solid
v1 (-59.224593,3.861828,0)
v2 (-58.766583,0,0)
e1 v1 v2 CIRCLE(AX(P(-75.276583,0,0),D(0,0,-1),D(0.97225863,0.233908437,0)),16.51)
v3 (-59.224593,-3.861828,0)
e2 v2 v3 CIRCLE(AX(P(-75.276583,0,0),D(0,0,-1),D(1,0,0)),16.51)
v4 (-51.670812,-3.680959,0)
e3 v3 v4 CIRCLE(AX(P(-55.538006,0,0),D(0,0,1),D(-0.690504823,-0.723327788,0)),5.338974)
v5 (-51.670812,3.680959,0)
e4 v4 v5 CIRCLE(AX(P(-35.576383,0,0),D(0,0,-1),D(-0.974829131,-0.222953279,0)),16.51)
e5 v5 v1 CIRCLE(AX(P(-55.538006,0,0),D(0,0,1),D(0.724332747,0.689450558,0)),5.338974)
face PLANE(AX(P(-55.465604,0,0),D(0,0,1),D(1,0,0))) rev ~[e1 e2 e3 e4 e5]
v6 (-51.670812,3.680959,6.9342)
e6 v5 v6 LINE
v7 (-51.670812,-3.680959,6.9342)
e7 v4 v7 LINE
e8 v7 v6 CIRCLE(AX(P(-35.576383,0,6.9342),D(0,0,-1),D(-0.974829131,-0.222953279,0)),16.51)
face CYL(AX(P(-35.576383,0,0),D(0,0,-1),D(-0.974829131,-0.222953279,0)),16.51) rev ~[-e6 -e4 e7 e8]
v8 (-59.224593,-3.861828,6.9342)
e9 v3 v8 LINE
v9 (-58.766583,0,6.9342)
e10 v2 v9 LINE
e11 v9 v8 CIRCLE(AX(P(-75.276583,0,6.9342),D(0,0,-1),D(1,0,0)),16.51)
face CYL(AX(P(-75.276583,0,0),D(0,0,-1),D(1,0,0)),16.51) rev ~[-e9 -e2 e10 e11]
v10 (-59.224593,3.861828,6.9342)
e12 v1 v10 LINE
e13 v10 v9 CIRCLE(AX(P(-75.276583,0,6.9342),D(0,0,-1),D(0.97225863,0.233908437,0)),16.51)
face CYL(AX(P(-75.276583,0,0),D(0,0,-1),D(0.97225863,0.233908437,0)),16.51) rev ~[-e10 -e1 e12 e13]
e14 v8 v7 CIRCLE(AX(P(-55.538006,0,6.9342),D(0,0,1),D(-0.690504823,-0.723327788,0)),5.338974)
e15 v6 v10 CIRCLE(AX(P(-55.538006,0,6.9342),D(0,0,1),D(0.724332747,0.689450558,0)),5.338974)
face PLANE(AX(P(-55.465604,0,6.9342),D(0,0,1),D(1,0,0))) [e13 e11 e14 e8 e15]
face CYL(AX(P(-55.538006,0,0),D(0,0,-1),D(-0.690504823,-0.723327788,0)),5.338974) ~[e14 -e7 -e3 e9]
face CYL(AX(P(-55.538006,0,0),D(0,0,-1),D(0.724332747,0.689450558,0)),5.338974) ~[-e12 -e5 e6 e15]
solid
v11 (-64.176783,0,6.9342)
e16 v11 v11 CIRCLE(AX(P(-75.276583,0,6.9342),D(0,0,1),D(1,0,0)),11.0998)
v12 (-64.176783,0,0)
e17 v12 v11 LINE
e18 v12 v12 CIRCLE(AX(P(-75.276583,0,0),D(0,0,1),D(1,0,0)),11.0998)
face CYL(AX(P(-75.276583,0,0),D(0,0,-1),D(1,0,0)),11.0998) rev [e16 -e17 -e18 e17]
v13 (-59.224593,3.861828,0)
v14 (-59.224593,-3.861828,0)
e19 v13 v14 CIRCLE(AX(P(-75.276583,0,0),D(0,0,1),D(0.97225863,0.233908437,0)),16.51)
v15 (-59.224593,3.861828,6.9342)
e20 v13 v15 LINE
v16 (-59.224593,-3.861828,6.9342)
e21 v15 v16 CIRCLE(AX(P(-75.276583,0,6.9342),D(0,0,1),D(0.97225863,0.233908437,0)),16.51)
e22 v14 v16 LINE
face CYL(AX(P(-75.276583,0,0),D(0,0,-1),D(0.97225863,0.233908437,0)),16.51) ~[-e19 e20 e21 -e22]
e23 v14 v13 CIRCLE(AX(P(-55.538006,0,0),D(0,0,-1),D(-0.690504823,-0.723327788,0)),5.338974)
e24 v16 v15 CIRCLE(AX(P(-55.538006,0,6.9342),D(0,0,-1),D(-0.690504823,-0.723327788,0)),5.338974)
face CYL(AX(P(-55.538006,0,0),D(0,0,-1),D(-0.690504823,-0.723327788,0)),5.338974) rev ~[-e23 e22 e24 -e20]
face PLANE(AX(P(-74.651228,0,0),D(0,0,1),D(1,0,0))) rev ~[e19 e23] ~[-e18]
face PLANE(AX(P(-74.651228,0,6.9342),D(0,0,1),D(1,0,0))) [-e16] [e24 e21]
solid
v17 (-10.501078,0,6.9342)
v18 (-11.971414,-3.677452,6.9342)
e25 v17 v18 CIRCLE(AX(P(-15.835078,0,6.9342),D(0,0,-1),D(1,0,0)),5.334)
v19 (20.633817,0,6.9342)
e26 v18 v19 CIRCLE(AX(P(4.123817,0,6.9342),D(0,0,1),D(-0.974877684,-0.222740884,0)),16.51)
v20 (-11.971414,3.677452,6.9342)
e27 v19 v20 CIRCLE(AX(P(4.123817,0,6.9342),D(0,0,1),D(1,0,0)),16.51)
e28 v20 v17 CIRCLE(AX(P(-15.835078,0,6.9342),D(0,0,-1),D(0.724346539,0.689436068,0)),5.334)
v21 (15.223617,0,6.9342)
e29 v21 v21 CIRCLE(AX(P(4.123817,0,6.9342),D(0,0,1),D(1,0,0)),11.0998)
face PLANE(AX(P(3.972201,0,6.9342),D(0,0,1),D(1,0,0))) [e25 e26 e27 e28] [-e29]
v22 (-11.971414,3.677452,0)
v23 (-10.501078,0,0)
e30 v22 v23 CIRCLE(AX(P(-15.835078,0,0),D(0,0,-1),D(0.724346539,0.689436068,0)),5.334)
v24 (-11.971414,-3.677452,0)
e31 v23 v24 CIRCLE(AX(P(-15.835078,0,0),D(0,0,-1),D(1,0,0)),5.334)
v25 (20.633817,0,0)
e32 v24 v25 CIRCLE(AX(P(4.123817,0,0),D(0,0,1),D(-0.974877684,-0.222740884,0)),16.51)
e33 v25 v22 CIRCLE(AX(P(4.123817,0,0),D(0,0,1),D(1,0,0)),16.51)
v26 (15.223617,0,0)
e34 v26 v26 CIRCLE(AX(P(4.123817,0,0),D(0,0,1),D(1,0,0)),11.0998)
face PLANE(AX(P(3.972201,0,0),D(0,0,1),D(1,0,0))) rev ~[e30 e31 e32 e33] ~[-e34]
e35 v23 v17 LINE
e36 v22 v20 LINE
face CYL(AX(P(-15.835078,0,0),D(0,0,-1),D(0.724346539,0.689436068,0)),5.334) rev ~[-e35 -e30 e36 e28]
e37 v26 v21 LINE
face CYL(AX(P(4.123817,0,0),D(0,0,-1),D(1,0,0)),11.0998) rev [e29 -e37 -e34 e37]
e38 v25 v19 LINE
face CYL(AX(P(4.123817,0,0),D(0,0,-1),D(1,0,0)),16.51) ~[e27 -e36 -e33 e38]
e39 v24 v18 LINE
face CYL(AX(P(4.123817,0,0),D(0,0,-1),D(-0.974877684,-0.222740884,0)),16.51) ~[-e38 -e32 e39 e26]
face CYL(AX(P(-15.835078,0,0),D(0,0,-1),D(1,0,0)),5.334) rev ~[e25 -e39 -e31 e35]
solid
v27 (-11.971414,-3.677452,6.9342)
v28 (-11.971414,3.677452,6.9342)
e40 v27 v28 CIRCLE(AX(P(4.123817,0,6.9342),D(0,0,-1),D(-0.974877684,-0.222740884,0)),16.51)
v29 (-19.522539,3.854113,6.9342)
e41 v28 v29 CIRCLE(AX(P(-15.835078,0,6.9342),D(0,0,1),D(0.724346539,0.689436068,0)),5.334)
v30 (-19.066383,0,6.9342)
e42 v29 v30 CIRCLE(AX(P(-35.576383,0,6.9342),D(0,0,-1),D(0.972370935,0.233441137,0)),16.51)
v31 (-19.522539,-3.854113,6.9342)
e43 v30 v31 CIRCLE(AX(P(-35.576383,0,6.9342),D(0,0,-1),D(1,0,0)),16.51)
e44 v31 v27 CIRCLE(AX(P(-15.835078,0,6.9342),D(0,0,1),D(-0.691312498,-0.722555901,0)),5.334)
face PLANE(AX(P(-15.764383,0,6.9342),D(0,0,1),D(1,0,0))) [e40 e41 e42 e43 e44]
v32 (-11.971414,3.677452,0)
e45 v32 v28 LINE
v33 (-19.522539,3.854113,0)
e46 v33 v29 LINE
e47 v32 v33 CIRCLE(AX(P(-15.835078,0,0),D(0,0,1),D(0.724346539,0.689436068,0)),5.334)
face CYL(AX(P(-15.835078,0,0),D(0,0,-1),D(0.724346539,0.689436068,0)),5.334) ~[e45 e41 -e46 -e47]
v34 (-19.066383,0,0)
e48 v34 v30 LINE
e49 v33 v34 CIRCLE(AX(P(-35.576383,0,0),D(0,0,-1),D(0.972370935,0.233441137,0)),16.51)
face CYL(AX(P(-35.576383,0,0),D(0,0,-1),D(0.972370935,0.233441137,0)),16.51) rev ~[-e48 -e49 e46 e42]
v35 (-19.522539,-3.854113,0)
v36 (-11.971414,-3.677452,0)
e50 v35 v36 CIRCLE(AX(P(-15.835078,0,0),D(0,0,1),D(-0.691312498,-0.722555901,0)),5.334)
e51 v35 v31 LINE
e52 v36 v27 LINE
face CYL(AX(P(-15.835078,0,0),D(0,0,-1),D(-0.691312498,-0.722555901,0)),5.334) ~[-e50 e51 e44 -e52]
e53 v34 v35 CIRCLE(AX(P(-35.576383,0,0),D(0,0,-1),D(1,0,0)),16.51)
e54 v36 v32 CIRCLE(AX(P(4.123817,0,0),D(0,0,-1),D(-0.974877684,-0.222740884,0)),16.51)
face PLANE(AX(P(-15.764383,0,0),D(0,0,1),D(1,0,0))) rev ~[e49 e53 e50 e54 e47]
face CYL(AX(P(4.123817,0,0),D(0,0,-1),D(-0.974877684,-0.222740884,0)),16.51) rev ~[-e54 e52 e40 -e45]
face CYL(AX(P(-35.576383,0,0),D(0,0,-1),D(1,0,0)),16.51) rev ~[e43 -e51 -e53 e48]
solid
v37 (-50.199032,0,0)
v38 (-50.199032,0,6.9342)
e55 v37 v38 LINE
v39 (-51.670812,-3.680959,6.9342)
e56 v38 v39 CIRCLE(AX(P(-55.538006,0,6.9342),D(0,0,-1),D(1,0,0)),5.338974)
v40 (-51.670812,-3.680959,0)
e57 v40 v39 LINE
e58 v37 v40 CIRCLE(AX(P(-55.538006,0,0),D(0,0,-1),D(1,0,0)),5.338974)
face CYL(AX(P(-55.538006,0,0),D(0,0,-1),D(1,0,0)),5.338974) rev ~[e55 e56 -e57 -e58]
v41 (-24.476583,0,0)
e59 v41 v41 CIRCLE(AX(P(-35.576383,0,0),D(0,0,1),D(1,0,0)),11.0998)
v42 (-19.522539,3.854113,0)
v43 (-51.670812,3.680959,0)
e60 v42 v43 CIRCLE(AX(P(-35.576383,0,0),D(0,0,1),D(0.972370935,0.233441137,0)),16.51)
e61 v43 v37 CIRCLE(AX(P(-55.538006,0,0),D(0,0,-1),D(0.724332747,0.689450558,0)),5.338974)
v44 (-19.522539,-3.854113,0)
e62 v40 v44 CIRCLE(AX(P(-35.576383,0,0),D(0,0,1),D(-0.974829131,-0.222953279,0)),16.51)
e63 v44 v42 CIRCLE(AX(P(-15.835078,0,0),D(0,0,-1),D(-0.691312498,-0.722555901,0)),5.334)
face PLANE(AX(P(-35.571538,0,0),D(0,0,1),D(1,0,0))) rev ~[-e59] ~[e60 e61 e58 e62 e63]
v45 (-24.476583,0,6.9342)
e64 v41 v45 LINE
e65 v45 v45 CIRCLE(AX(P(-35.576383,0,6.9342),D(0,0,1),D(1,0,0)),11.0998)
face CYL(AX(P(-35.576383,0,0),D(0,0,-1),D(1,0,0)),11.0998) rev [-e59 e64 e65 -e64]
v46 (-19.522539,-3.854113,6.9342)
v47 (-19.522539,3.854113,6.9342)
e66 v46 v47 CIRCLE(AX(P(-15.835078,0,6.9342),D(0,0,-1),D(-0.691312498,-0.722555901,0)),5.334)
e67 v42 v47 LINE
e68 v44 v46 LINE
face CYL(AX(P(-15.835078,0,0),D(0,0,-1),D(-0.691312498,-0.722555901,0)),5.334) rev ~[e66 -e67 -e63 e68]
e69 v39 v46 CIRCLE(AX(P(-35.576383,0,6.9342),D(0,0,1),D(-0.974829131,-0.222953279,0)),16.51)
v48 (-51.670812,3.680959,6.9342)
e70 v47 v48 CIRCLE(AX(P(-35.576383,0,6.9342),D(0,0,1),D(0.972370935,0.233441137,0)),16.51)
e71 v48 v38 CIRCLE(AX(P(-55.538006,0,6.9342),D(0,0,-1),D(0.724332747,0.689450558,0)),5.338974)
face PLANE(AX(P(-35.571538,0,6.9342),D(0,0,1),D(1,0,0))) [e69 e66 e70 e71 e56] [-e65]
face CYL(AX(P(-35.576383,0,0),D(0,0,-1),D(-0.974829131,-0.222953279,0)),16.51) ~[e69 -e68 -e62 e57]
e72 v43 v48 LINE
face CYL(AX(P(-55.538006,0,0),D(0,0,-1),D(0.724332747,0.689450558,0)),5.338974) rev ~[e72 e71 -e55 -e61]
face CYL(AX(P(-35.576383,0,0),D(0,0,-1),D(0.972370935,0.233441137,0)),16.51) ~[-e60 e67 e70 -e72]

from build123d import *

# Parameters (mm, degrees)
F0_R     = 11.0998
F1_DEPTH = 6.9342


with BuildPart() as f1:
    # F0 (on Top) → F1 (new body)
    with BuildSketch(Plane.XY):
        with BuildLine():
            ThreePointArc((-59.2245934549, -3.8618282896), (-60.876980173, 0), (-59.2245934549, 3.8618282896))
            ThreePointArc((-59.2245934549, 3.8618282896), (-91.7865834332, 0), (-59.2245934549, -3.8618282896))
        make_face()
        with Locations((-75.2765834332, 0)):
            Circle(F0_R, mode=Mode.SUBTRACT)
    extrude(amount=F1_DEPTH)


with BuildPart() as f1b:
    # F0 (on Top) → F1, piece 2 (new body)
    with BuildSketch(Plane.XY):
        with BuildLine():
            ThreePointArc((-51.6708123922, -3.6809586365), (-52.0863834332, 0), (-51.6708123922, 3.6809586365))
            ThreePointArc((-51.6708123922, 3.6809586365), (-55.4102050064, 5.3374442142), (-59.2245934549, 3.8618282896))
            ThreePointArc((-59.2245934549, 3.8618282896), (-58.8814857735, 1.9444466384), (-58.7665834332, 0))
            ThreePointArc((-58.7665834332, 0), (-58.8814857735, -1.9444466384), (-59.2245934549, -3.8618282896))
            ThreePointArc((-59.2245934549, -3.8618282896), (-55.4102050064, -5.3374442142), (-51.6708123922, -3.6809586365))
        make_face()
    extrude(amount=F1_DEPTH)


with BuildPart() as f1c:
    # F0 (on Top) → F1, piece 3 (new body)
    with BuildSketch(Plane.XY):
        with BuildLine():
            ThreePointArc((-11.9714139963, -3.6774519874), (5.9742007705, -16.4059799555), (20.6338165668, 0))
            ThreePointArc((20.6338165668, 0), (5.9742007705, 16.4059799555), (-11.9714139963, 3.6774519874))
            ThreePointArc((-11.9714139963, 3.6774519874), (-10.882284166, 1.9802487083), (-10.5010784332, 0))
            ThreePointArc((-10.5010784332, 0), (-10.882284166, -1.9802487083), (-11.9714139963, -3.6774519874))
        make_face()
        with Locations((4.1238165668, 0)):
            Circle(F0_R, mode=Mode.SUBTRACT)
    extrude(amount=F1_DEPTH)


with BuildPart() as f1d:
    # F0 (on Top) → F1, piece 4 (new body)
    with BuildSketch(Plane.XY):
        with BuildLine():
            ThreePointArc((-19.5225392951, -3.8541131784), (-21.1690784332, 0), (-19.5225392951, 3.8541131784))
            ThreePointArc((-19.5225392951, 3.8541131784), (-35.6653070282, 16.509760525), (-51.6708123922, 3.6809586365))
            ThreePointArc((-51.6708123922, 3.6809586365), (-50.5806131201, 1.9821449095), (-50.1990320807, 0))
            ThreePointArc((-50.1990320807, 0), (-50.5806131201, -1.9821449095), (-51.6708123922, -3.6809586365))
            ThreePointArc((-51.6708123922, -3.6809586365), (-35.6653070282, -16.509760525), (-19.5225392951, -3.8541131784))
        make_face()
        with Locations((-35.5763834332, 0)):
            Circle(F0_R, mode=Mode.SUBTRACT)
    extrude(amount=F1_DEPTH)


with BuildPart() as f1e:
    # F0 (on Top) → F1, piece 5 (new body)
    with BuildSketch(Plane.XY):
        with BuildLine():
            ThreePointArc((-11.9714139963, -3.6774519874), (-12.3861834332, 0), (-11.9714139963, 3.6774519874))
            ThreePointArc((-11.9714139963, 3.6774519874), (-15.7103217938, 5.3325408373), (-19.5225392951, 3.8541131784))
            ThreePointArc((-19.5225392951, 3.8541131784), (-19.1808189915, 1.9405067999), (-19.0663834332, 0))
            ThreePointArc((-19.0663834332, 0), (-19.1808189915, -1.9405067999), (-19.5225392951, -3.8541131784))
            ThreePointArc((-19.5225392951, -3.8541131784), (-15.7103217938, -5.3325408373), (-11.9714139963, -3.6774519874))
        make_face()
    extrude(amount=F1_DEPTH)


solid = Compound([f1.part, f1b.part, f1c.part, f1d.part, f1e.part])
